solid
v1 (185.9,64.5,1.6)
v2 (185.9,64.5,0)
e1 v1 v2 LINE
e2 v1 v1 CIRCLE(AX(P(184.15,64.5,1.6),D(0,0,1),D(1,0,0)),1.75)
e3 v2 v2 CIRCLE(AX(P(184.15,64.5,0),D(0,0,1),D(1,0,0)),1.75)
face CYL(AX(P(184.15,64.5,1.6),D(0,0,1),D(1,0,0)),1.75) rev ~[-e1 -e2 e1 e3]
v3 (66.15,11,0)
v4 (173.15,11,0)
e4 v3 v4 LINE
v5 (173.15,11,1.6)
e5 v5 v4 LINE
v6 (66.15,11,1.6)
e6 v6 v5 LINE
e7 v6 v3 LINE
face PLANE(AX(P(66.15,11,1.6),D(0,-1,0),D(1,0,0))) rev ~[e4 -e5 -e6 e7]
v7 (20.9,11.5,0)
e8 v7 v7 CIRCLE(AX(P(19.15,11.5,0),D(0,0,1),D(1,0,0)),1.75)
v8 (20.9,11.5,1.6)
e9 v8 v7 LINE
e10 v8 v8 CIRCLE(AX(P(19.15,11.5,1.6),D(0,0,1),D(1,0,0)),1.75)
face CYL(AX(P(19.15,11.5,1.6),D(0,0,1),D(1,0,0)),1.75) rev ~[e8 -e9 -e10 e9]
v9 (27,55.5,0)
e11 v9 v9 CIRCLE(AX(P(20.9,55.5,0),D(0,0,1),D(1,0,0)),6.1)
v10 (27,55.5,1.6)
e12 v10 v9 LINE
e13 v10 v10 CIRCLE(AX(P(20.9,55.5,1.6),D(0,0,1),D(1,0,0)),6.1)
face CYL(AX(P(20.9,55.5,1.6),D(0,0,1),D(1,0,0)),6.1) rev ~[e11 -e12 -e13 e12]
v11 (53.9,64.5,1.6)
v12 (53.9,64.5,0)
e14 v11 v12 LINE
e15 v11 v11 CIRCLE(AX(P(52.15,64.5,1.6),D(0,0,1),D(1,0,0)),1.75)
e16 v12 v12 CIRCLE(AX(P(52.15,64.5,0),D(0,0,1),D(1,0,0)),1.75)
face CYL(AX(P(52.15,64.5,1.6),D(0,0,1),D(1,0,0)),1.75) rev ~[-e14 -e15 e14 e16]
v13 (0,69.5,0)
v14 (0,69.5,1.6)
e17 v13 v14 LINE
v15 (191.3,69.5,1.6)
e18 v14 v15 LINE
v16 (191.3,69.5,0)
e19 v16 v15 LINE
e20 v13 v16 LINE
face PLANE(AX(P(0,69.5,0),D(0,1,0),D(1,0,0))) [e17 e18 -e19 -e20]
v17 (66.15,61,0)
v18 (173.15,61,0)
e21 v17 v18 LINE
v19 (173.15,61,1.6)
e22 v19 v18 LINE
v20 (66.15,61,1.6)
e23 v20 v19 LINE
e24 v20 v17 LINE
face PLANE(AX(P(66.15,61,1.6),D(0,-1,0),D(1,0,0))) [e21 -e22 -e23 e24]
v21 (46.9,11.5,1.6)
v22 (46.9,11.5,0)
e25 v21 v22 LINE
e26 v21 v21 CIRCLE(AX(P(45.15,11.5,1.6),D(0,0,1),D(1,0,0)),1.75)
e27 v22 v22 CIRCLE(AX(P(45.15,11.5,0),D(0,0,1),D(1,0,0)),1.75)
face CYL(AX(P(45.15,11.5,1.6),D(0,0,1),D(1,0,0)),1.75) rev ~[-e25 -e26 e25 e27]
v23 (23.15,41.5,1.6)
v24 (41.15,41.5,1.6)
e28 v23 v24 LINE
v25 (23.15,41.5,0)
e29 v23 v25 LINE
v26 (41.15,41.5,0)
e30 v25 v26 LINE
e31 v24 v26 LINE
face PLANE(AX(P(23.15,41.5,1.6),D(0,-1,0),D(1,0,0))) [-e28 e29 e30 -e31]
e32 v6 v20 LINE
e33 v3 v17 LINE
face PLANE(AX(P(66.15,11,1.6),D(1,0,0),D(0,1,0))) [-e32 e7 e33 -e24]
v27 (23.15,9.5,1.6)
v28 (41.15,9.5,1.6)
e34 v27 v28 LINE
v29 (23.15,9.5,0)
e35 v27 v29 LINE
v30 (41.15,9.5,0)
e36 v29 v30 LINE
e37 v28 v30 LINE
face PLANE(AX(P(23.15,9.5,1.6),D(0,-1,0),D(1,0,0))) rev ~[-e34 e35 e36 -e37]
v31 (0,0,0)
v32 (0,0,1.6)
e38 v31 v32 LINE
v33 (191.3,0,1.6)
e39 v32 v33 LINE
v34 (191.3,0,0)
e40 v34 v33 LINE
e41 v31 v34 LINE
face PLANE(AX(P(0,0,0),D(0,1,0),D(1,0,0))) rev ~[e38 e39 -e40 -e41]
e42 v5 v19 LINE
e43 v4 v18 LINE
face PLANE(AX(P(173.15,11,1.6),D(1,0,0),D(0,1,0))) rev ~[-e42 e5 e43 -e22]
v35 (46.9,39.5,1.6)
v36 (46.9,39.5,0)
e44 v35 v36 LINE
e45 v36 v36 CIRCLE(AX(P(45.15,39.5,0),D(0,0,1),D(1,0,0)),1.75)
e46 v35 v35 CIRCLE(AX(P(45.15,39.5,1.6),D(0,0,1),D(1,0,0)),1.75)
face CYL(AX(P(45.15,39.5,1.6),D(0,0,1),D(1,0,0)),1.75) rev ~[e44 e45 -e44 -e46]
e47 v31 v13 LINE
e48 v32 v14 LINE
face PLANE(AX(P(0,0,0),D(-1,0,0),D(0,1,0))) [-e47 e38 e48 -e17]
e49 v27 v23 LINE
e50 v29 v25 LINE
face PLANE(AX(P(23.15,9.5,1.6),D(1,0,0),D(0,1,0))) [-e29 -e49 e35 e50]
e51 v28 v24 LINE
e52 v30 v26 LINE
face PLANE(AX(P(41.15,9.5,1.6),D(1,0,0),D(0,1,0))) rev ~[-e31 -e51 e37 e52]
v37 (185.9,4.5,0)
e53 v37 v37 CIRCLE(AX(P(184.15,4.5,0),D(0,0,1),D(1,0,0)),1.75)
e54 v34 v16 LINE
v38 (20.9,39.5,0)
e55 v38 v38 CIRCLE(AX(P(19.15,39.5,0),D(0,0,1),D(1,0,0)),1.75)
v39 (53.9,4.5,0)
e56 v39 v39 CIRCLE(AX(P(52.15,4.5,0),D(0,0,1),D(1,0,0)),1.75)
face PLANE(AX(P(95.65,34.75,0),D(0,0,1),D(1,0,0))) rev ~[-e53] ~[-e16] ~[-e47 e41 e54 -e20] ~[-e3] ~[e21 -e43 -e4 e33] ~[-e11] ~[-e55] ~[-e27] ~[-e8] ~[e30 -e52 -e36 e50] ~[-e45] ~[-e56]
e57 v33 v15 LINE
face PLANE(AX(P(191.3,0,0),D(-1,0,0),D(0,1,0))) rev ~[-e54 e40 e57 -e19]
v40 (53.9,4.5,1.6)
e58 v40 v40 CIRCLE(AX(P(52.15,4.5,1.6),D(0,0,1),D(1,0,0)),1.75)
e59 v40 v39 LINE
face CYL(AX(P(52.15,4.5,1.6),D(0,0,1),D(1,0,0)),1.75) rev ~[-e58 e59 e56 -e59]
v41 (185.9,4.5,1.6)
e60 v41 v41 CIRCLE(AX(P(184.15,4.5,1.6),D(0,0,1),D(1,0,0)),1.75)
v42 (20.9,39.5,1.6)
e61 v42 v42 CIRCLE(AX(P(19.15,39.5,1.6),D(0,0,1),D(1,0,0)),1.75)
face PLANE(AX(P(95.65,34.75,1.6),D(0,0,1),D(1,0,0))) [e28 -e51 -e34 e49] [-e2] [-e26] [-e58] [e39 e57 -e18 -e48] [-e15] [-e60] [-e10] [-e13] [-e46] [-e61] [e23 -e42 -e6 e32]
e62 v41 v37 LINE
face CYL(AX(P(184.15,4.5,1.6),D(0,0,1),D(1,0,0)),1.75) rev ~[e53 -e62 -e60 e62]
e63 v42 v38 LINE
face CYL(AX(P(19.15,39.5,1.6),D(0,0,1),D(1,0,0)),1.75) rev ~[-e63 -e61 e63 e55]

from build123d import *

# Parameters (mm, degrees)
SKETCH_W      = 191.3
SKETCH_H      = 69.5
PAD_DEPTH     = 1.6
SKETCH002_R   = 1.75
SKETCH002_R_2 = 6.1
SKETCH002_W   = 107
SKETCH002_H   = 50
SKETCH002_W_2 = 18
SKETCH002_H_2 = 32
POCKET_DEPTH  = 1.601


with BuildPart() as part:
    # Sketch → Pad (new body)
    with BuildSketch(Plane.XY):
        with Locations((95.65, 34.75)):
            Rectangle(SKETCH_W, SKETCH_H)
    extrude(amount=PAD_DEPTH)

    # Sketch002 (on Face6 of Pad) → Pocket (cut, through all)
    with BuildSketch(Plane.XY.offset(1.6)):
        with Locations((184.15, 4.5)):
            Circle(SKETCH002_R)
        with Locations((52.15, 4.5)):
            Circle(SKETCH002_R)
        with Locations((184.15, 64.5)):
            Circle(SKETCH002_R)
        with Locations((52.15, 64.5)):
            Circle(SKETCH002_R)
        with Locations((19.15, 11.5)):
            Circle(SKETCH002_R)
        with Locations((19.15, 39.5)):
            Circle(SKETCH002_R)
        with Locations((45.15, 11.5)):
            Circle(SKETCH002_R)
        with Locations((45.15, 39.5)):
            Circle(SKETCH002_R)
        with Locations((20.9, 55.5)):
            Circle(SKETCH002_R_2)
        with Locations((119.65, 36)):
            Rectangle(SKETCH002_W, SKETCH002_H)
        with Locations((32.15, 25.5)):
            Rectangle(SKETCH002_W_2, SKETCH002_H_2)
    extrude(amount=-POCKET_DEPTH, mode=Mode.SUBTRACT)


solid = part.part
